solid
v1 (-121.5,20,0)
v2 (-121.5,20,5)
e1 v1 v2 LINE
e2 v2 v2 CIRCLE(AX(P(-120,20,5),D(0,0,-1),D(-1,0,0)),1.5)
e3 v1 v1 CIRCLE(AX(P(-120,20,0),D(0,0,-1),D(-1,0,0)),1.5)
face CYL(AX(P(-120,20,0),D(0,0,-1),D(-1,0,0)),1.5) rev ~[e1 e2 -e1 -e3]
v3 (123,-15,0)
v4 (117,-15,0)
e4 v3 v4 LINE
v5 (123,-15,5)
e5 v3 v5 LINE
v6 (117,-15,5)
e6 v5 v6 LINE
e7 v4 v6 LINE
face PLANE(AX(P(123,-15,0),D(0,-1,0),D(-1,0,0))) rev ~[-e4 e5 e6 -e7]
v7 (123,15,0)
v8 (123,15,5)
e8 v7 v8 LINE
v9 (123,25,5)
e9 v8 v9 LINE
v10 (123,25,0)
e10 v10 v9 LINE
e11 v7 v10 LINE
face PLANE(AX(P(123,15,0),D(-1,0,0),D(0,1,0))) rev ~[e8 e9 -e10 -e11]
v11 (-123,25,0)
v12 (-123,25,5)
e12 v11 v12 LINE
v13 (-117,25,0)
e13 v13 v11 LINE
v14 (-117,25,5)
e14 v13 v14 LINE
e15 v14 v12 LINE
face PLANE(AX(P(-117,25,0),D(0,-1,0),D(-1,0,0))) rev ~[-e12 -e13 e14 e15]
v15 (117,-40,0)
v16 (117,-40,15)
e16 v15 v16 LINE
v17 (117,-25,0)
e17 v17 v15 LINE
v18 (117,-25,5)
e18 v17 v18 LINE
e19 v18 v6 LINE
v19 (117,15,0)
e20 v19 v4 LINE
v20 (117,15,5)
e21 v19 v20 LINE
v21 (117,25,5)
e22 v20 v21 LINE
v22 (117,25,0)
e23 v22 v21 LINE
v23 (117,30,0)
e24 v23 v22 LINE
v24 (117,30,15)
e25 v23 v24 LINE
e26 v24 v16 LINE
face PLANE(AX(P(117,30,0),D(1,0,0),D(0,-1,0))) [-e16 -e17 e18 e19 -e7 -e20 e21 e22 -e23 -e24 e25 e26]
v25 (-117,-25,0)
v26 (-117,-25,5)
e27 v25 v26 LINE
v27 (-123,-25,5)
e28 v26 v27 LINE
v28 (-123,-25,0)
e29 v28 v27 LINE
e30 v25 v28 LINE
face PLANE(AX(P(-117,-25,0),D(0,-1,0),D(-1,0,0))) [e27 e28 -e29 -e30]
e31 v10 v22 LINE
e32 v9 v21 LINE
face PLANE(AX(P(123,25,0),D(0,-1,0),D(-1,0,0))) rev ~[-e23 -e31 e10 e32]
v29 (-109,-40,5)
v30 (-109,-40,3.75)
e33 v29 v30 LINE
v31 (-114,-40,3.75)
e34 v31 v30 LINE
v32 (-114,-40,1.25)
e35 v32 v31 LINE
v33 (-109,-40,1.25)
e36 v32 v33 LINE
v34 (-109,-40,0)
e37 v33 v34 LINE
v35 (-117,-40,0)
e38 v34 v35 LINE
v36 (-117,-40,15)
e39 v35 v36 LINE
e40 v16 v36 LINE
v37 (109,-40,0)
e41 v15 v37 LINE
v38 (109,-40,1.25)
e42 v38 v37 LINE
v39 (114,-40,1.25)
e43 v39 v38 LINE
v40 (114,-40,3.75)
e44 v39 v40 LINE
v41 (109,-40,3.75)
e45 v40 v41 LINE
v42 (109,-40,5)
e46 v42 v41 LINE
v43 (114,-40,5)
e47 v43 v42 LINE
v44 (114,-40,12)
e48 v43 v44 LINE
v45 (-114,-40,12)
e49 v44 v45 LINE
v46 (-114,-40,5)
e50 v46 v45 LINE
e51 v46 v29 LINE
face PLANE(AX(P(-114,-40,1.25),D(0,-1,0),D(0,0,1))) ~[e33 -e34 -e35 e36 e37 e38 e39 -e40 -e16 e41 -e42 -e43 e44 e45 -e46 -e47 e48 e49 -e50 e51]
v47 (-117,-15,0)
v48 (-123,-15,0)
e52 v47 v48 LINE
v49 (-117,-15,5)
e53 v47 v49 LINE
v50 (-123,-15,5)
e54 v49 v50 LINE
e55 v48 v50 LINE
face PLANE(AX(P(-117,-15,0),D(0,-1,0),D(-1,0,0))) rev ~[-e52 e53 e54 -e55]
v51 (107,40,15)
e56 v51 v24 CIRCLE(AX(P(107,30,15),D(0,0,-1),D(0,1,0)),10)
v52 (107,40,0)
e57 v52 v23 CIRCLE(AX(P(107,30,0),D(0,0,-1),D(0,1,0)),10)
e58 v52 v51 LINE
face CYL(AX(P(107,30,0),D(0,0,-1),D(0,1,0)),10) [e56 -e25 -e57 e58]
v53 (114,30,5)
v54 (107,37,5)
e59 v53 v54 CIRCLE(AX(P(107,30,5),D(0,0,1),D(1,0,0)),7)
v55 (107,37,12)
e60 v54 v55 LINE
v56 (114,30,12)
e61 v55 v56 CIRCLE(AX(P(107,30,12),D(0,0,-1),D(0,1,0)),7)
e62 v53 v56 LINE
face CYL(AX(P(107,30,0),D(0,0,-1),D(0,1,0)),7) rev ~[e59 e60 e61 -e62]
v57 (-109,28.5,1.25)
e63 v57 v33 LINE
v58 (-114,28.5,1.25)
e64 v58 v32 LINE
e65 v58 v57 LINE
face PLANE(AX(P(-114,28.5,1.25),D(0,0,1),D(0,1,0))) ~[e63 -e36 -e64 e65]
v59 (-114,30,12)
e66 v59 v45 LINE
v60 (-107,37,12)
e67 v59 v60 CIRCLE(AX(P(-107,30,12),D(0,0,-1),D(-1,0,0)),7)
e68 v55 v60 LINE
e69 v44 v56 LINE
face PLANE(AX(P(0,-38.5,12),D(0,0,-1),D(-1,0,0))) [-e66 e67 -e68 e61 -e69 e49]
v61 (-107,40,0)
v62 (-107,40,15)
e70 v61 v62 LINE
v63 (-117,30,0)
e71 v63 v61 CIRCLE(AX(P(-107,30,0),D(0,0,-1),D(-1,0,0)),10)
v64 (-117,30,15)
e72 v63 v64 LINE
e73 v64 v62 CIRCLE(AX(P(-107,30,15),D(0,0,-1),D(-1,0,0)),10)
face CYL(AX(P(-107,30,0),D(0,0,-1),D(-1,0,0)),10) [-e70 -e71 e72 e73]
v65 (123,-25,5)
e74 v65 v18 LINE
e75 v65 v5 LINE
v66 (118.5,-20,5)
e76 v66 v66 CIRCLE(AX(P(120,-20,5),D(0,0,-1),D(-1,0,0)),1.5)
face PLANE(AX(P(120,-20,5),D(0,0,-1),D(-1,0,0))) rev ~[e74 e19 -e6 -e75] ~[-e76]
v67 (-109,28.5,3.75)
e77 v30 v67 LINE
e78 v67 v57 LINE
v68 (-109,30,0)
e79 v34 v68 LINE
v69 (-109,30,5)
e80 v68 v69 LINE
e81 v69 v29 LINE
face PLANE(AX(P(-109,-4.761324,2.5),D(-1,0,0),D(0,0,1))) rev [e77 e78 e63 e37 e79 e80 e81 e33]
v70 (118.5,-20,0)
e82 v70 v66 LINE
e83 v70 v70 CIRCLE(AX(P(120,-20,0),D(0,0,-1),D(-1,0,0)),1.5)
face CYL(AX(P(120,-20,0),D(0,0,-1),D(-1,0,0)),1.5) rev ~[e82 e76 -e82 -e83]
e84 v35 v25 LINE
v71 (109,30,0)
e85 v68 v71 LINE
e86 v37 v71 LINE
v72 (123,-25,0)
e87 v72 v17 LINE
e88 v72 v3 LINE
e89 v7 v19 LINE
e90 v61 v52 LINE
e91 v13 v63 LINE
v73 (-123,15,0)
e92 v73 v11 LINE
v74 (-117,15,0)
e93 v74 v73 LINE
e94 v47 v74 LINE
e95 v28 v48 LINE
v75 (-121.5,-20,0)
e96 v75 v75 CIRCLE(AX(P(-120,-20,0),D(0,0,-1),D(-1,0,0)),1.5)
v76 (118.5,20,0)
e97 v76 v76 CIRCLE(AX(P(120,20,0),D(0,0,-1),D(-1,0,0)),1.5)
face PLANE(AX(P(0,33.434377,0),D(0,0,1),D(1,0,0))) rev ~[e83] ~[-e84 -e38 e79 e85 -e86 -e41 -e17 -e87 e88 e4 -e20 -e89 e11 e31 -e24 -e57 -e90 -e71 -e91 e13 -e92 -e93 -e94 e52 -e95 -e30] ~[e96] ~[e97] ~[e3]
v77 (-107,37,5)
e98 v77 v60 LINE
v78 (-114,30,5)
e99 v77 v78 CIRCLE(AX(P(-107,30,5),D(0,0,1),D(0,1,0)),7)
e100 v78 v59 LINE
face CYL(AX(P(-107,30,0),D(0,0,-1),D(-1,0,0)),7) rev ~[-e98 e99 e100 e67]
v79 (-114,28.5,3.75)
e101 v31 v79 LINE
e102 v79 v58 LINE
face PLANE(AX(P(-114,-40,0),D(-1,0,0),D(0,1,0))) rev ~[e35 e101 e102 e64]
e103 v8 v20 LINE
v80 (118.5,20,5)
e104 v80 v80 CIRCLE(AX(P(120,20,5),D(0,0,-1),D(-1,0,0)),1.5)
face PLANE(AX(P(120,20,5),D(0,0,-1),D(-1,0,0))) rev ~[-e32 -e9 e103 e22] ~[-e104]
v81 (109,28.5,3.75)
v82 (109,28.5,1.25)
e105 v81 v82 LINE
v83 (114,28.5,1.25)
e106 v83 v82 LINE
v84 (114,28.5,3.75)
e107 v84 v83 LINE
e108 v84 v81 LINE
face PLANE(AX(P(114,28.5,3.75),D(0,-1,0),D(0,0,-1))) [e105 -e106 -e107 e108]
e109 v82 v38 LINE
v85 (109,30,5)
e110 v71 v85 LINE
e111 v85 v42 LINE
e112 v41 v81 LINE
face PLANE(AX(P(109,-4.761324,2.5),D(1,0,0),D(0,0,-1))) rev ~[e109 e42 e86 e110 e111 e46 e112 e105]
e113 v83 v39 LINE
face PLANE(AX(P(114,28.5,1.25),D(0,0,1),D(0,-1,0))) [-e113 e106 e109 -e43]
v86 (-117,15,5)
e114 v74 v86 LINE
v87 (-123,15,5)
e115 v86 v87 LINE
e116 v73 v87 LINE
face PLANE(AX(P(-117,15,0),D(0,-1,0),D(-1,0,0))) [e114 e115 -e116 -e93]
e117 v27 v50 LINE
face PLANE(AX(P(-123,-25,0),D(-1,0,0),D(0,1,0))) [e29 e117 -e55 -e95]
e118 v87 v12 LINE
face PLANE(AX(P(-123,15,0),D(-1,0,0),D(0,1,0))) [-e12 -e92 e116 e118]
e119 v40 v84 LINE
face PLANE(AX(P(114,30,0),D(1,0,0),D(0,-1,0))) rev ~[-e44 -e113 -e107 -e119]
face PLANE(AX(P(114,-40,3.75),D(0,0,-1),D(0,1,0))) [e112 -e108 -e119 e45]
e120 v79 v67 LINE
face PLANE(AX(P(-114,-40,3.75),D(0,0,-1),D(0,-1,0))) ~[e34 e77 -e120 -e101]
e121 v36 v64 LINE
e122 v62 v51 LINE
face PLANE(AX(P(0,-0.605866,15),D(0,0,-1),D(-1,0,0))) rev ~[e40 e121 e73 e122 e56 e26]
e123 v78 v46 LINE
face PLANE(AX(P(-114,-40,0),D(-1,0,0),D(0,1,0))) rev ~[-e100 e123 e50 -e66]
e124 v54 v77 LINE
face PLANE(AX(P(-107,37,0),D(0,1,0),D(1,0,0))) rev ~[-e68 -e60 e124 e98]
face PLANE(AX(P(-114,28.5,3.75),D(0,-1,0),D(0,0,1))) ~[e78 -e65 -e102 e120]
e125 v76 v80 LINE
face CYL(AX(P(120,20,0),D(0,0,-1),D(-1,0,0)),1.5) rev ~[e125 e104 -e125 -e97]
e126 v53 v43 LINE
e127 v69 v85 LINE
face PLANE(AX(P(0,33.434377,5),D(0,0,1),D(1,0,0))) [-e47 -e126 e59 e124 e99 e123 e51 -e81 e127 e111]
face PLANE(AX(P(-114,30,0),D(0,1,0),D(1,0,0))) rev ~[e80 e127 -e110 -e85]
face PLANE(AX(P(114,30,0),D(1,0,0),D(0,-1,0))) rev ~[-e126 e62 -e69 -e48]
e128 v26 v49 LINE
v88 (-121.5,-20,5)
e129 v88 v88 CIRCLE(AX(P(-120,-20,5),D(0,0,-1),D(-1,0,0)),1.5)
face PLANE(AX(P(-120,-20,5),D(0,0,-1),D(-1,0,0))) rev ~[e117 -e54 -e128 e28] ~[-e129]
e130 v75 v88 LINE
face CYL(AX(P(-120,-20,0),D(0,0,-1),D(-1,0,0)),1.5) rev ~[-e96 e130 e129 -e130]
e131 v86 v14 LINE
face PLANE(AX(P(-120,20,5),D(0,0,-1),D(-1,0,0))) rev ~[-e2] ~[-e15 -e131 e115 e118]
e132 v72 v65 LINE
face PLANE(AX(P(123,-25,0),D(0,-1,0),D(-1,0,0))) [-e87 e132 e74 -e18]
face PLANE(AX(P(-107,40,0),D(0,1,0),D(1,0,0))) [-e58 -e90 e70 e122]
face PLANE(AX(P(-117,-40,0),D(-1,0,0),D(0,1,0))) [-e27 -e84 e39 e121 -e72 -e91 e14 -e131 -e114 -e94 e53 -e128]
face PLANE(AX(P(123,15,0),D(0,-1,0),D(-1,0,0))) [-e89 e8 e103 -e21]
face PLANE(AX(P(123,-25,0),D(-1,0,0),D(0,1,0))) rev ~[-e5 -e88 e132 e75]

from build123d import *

# Parameters (mm, degrees)
BOSS_EXTRU_1_DEPTH      = 15
COQUE1_T                = -3
ESQUISSE3_W             = 228
ESQUISSE3_H             = 3
ENL_V_MAT_EXTRU_2_DEPTH = 12
BOSS_EXTRU_3_DEPTH      = 5
BOSS_EXTRU_4_DEPTH      = 5
ESQUISSE2_W             = 6
ESQUISSE2_H             = 10
ESQUISSE2_R             = 1.5
BOSS_EXTRU_6_DEPTH      = 5


with BuildPart() as part:
    # Esquisse1 → Boss.-Extru.1 (new body)
    with BuildSketch(Plane.XY):
        with BuildLine():
            Line((-107, 40), (107, 40))
            ThreePointArc((107, 40), (114.071067812, 37.071067812), (117, 30))
            Line((117, 30), (117, -40))
            Line((117, -40), (-117, -40))
            Line((-117, -40), (-117, 30))
            ThreePointArc((-117, 30), (-114.071067812, 37.071067812), (-107, 40))
        make_face()
    extrude(amount=BOSS_EXTRU_1_DEPTH)

    # Coque1
    coque1_openings = [part.faces().sort_by_distance(p)[0] for p in [
        (0, -0.086787891, 0),
    ]]
    offset(amount=COQUE1_T, openings=coque1_openings, kind=Kind.INTERSECTION)

    # Esquisse3 → Enlèv. mat.-Extru.2 (cut)
    with BuildSketch(Plane(origin=(0, 0, 0), x_dir=(-1, 0, 0), z_dir=(0, 0, -1))):
        with Locations((0, -38.5)):
            Rectangle(ESQUISSE3_W, ESQUISSE3_H)
    extrude(amount=-ENL_V_MAT_EXTRU_2_DEPTH, mode=Mode.SUBTRACT)

    # Esquisse4 → Boss.-Extru.3 (add)
    with BuildSketch(Plane.ZY.offset(-114)):
        Polygon((0, -40), (0, 30), (5, 30), (5, -40), (3.75, -40), (3.75, 28.5), (1.25, 28.5), (1.25, -40), align=None)
    boss_extru_3 = extrude(amount=BOSS_EXTRU_3_DEPTH)

    # Symétrie1: Boss.-Extru.3 across plane
    add(boss_extru_3.mirror(Plane(origin=(0, 0, 0), x_dir=(0, 0, 1), z_dir=(1, 0, 0))))

    # Esquisse5 → Boss.-Extru.4 (add)
    with BuildSketch(Plane(origin=(0, 0, 0), x_dir=(-1, 0, 0), z_dir=(0, 0, -1))):
        with BuildLine():
            Line((-107, 37), (107, 37))
            ThreePointArc((107, 37), (111.949747468, 34.949747468), (114, 30))
            Line((114, 30), (-114, 30))
            ThreePointArc((-114, 30), (-111.949747468, 34.949747468), (-107, 37))
        make_face()
    extrude(amount=-BOSS_EXTRU_4_DEPTH)

    # Esquisse2 → Boss.-Extru.6 (add)
    # profile 1 of 4: a face of its own
    with BuildSketch(Plane(origin=(0, 0, 0), x_dir=(-1, 0, 0), z_dir=(0, 0, -1))):
        with Locations((-120, -20)):
            Rectangle(ESQUISSE2_W, ESQUISSE2_H)
        with Locations((-120, -20)):
            Circle(ESQUISSE2_R, mode=Mode.SUBTRACT)
    # profile 2 of 4: a face of its own
    with BuildSketch(Plane(origin=(0, 0, 0), x_dir=(-1, 0, 0), z_dir=(0, 0, -1))):
        with Locations((-120, 20)):
            Rectangle(ESQUISSE2_W, ESQUISSE2_H)
        with Locations((-120, 20)):
            Circle(ESQUISSE2_R, mode=Mode.SUBTRACT)
    # profile 3 of 4: a face of its own
    with BuildSketch(Plane(origin=(0, 0, 0), x_dir=(-1, 0, 0), z_dir=(0, 0, -1))):
        with Locations((120, 20)):
            Rectangle(ESQUISSE2_W, ESQUISSE2_H)
        with Locations((120, 20)):
            Circle(ESQUISSE2_R, mode=Mode.SUBTRACT)
    # profile 4 of 4: a face of its own
    with BuildSketch(Plane(origin=(0, 0, 0), x_dir=(-1, 0, 0), z_dir=(0, 0, -1))):
        with Locations((120, -20)):
            Rectangle(ESQUISSE2_W, ESQUISSE2_H)
        with Locations((120, -20)):
            Circle(ESQUISSE2_R, mode=Mode.SUBTRACT)
    extrude(amount=-BOSS_EXTRU_6_DEPTH)


solid = part.part
